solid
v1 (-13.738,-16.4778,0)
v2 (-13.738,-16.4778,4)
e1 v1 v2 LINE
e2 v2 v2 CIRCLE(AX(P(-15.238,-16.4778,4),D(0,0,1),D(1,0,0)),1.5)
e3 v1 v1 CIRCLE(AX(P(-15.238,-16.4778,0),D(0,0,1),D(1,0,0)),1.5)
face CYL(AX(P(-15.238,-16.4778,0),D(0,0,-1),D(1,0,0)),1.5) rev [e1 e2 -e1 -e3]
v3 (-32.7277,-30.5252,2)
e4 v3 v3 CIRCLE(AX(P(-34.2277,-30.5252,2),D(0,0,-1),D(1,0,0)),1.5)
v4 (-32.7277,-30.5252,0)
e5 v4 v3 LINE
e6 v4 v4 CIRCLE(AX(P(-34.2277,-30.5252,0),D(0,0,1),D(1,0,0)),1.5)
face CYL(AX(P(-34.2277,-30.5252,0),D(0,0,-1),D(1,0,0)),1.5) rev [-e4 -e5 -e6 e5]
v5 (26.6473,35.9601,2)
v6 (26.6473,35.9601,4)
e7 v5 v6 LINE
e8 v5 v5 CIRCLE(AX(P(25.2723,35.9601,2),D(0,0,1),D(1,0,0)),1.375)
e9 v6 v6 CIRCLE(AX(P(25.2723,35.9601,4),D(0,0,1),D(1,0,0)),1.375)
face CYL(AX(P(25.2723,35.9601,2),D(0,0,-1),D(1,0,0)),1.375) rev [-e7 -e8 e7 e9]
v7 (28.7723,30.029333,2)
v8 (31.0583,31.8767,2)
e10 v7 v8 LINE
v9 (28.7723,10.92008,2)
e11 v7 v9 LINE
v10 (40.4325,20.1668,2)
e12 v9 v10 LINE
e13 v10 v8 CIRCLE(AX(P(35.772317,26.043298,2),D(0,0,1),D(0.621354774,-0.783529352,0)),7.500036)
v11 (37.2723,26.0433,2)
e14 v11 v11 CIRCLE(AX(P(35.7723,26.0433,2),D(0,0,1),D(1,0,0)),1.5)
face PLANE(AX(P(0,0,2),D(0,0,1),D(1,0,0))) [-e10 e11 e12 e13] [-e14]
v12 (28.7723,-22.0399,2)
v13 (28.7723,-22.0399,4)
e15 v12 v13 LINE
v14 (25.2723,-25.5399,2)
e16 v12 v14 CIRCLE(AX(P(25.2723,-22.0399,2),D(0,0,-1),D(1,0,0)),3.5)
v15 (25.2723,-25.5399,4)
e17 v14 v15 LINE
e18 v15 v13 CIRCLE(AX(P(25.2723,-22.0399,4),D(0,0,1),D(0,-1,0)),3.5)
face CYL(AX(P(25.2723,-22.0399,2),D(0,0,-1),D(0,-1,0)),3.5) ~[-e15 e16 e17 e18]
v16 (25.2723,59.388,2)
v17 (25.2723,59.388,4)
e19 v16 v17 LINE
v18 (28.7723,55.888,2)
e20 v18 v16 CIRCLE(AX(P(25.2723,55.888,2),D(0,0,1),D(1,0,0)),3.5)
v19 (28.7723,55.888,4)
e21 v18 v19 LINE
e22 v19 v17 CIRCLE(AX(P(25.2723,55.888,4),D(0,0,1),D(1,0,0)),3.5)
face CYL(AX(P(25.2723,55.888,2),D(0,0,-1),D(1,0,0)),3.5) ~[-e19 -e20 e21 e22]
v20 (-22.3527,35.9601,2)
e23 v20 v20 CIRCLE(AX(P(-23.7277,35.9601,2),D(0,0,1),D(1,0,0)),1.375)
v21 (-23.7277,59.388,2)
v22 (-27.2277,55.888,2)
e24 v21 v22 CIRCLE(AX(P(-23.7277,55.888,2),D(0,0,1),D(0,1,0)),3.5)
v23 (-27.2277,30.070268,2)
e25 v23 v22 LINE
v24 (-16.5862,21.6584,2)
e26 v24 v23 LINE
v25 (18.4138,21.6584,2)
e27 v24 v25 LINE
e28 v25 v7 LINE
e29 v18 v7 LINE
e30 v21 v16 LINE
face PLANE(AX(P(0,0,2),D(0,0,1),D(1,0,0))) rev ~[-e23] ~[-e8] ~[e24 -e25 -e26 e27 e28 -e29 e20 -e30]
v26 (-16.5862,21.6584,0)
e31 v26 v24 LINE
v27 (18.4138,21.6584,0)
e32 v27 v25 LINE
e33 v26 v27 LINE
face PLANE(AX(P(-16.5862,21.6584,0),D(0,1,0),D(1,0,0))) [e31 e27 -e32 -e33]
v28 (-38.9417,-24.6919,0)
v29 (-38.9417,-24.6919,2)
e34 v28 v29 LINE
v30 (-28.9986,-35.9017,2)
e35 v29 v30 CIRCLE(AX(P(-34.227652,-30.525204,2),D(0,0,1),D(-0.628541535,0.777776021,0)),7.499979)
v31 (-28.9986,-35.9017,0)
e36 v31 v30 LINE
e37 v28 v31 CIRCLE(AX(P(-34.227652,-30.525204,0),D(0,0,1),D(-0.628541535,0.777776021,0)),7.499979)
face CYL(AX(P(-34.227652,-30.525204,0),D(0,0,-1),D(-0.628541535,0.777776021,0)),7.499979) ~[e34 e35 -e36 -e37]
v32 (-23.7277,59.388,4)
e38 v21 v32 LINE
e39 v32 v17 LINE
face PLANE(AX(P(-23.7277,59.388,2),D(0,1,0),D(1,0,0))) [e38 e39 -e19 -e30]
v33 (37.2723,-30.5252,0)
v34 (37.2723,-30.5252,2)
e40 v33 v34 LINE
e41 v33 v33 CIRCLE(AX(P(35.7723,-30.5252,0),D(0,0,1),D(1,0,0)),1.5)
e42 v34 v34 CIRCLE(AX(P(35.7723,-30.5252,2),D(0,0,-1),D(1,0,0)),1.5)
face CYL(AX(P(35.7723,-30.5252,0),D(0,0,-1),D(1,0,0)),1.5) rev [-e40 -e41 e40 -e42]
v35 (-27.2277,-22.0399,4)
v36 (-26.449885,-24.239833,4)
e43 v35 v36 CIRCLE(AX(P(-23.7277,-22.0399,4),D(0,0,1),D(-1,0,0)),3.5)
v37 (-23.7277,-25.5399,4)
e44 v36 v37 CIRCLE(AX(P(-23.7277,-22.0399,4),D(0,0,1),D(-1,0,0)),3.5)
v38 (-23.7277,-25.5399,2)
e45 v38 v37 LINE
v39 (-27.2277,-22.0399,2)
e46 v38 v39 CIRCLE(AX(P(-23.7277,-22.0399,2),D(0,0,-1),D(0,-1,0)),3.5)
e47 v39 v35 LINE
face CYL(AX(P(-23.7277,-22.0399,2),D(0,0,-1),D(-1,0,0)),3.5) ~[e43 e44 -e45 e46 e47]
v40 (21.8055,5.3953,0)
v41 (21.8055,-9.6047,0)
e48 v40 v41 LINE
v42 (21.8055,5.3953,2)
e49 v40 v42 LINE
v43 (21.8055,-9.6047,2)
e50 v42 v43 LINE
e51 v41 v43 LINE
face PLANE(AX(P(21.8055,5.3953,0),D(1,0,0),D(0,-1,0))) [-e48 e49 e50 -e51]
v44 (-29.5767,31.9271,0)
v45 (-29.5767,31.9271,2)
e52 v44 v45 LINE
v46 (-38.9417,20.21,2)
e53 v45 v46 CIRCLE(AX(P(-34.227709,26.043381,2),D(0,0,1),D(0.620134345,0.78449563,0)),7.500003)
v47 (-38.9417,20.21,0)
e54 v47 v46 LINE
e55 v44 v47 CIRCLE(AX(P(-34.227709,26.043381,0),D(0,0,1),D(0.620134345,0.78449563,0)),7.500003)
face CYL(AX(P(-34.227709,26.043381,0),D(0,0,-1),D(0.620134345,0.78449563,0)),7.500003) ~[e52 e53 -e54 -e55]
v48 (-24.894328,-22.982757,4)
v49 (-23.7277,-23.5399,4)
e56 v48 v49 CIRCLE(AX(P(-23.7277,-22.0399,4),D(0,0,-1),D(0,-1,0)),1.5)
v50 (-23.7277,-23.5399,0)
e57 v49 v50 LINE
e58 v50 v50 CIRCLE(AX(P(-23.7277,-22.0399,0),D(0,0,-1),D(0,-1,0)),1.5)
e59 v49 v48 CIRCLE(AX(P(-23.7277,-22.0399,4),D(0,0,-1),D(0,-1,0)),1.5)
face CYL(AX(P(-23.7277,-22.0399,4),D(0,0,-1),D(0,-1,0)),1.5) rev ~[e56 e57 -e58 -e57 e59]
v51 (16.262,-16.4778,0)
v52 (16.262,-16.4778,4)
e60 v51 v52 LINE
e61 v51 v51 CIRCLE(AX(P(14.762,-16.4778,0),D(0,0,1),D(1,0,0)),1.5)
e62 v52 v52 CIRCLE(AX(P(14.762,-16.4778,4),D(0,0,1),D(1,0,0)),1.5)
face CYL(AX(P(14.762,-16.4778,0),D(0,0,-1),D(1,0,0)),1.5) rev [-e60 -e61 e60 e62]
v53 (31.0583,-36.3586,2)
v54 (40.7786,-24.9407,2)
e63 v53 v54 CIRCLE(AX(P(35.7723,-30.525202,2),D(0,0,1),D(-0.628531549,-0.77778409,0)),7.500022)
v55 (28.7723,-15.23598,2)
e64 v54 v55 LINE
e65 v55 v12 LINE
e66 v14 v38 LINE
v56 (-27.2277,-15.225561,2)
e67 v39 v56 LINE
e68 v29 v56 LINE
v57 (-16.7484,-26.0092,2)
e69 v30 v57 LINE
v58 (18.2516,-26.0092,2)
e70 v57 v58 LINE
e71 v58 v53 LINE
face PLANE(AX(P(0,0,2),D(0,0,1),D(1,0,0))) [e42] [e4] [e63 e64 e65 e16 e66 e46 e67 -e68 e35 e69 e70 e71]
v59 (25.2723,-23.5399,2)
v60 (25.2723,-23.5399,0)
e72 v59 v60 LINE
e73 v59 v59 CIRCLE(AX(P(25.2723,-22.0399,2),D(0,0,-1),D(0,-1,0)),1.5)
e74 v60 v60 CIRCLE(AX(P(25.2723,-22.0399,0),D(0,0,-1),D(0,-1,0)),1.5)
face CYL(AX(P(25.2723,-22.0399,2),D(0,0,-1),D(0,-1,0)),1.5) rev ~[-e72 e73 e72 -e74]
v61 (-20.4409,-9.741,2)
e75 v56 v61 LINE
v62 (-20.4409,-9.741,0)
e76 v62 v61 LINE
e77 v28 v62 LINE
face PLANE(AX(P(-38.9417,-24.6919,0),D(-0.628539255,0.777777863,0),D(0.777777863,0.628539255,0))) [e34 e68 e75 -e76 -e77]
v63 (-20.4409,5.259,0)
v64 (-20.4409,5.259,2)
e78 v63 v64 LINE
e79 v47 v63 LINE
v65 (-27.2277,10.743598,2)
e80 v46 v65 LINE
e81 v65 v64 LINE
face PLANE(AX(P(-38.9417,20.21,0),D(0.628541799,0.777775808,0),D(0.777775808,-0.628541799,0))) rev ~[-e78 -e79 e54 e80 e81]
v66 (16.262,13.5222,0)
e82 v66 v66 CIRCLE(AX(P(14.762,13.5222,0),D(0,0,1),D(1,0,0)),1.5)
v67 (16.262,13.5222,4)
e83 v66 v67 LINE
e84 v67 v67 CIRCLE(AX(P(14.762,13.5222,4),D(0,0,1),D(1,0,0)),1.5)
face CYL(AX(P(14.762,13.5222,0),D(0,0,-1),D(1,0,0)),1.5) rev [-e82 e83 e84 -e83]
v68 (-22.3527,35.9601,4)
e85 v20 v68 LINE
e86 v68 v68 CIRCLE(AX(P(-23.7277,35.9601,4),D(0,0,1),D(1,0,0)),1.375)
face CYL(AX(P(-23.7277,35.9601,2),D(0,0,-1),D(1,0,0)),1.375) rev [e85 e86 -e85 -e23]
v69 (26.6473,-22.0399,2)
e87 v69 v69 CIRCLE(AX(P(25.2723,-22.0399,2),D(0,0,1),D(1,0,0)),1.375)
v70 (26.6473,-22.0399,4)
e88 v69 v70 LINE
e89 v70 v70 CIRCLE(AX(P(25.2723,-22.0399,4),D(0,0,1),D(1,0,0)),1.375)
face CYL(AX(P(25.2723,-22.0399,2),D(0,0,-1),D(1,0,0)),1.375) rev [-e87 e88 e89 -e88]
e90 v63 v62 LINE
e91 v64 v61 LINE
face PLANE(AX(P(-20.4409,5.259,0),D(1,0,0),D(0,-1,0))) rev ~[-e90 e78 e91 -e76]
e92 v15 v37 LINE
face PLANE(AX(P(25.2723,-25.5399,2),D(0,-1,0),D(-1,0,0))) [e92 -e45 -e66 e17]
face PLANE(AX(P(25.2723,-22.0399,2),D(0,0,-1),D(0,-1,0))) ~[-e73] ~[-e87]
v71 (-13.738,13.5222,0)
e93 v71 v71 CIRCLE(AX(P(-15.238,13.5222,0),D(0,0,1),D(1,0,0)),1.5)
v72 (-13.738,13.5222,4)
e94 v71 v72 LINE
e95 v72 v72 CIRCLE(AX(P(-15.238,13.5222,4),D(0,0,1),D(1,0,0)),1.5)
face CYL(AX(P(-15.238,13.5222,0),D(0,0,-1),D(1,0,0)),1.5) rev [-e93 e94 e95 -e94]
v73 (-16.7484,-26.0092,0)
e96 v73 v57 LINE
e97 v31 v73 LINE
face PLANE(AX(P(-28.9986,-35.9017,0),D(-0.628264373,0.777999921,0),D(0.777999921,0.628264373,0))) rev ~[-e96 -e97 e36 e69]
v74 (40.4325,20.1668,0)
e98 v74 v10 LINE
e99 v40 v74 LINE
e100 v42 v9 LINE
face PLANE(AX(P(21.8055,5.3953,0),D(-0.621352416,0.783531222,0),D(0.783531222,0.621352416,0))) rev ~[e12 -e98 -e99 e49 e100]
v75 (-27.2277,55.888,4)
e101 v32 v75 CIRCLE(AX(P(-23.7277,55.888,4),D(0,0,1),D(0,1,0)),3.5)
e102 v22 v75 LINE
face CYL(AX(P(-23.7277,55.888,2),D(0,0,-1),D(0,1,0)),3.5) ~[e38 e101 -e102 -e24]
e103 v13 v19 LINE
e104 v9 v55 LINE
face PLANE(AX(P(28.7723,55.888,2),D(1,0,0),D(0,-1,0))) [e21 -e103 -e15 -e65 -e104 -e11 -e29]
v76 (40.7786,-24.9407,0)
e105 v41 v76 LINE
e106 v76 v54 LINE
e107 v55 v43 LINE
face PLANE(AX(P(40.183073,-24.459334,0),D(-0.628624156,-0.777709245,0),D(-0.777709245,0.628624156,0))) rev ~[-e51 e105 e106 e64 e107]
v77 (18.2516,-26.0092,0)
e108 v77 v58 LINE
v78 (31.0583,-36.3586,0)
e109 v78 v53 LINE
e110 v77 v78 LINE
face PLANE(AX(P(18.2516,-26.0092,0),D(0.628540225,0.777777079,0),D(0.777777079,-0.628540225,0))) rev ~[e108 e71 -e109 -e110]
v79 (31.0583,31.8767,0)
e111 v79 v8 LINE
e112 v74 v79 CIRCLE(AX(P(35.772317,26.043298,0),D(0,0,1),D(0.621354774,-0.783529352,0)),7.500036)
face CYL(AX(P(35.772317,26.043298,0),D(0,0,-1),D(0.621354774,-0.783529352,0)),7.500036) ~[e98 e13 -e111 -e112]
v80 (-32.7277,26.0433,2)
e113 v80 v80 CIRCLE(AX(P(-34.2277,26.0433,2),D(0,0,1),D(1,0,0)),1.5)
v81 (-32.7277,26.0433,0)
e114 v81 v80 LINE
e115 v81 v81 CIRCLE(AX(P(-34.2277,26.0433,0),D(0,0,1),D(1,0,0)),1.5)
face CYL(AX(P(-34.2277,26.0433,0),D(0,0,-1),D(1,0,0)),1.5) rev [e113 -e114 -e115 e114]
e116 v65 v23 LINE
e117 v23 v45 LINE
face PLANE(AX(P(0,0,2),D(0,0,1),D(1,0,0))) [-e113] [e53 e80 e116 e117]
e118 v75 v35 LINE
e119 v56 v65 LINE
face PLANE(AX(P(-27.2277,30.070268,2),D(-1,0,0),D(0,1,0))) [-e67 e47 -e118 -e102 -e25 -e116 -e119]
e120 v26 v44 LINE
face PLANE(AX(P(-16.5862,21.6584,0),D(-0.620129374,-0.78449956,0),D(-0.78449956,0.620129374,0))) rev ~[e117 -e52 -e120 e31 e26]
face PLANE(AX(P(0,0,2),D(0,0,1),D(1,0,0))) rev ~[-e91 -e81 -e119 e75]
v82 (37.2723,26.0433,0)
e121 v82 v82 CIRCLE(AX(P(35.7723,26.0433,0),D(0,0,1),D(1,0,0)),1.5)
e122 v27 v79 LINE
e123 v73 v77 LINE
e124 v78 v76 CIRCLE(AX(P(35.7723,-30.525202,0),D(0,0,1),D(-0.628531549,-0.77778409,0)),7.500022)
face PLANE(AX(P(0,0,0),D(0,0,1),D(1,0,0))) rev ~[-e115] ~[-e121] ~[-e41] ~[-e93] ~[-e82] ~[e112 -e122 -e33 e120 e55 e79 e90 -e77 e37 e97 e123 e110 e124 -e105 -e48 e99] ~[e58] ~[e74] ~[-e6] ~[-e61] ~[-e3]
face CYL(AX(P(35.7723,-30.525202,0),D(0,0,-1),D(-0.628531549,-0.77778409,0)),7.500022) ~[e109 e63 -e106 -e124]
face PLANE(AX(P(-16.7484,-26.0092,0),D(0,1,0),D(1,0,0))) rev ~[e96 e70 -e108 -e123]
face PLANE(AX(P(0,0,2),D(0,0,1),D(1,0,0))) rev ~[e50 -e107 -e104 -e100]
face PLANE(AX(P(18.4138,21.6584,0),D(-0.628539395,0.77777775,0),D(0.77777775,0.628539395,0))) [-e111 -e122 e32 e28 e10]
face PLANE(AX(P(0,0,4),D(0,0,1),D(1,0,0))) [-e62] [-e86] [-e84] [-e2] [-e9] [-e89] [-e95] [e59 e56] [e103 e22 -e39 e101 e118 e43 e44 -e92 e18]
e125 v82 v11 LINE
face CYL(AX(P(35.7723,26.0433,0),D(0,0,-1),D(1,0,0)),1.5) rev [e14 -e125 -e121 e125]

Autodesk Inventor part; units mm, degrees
ref_plane "YZ Plane" through (0, 0, 0) normal (1, 0, 0) x (0, 1, 0)
ref_plane "XZ Plane" through (0, 0, 0) normal (0, 1, 0) x (-1, 0, 0)
ref_plane "XY Plane" through (0, 0, 0) normal (0, 0, 1) x (1, 0, 0)
sketch "Sketch1" plane through (0, 0, 0) normal (0, 0, 1) x (1, 0, 0)
  arc A0 (-38.9417, -24.6919) -> (-28.9986, -35.9017) centre (-34.2277, -30.5252) ccw
  arc A1 (40.4325, 20.1668) -> (31.0583, 31.8767) centre (35.7723, 26.0433) ccw
  arc A2 (-29.5767, 31.9271) -> (-38.9417, 20.21) centre (-34.2277, 26.0433) ccw
  arc A3 (31.0583, -36.3586) -> (40.1831, -24.4593) centre (35.7723, -30.5252) ccw
  line L0 (-16.5862, 21.6584) -> (18.4138, 21.6584)
  line L1 (-16.7484, -26.0092) -> (18.2516, -26.0092)
  line L2 (-20.4409, 5.259) -> (-20.4409, -9.741)
  line L3 (21.8055, 5.3953) -> (21.8055, -9.6047)
  circle A4 centre (-34.2277, 26.0433) radius 1.5
  circle A5 centre (35.7723, 26.0433) radius 1.5
  circle A6 centre (-34.2277, -30.5252) radius 1.5
  circle A7 centre (35.7723, -30.5252) radius 1.5
  circle A8 centre (-15.238, 13.5222) radius 1.5
  circle A9 centre (14.762, 13.5222) radius 1.5
  circle A10 centre (-15.238, -16.4778) radius 1.5
  circle A11 centre (14.762, -16.4778) radius 1.5
  line L4 (-34.2277, 26.0433) -> (-34.2277, 24.5433)
  line L5 (-34.2277, -29.0252) -> (-34.2277, -30.5252)
  line L6 (-38.9417, 20.21) -> (-20.4409, 5.259)
  line L7 (18.2516, -26.0092) -> (31.0583, -36.3586)
  line L8 (-15.238, 13.5222) -> (-15.238, 12.0222)
  line L9 (-15.238, -14.9778) -> (-15.238, -16.4778)
  line L10 (-38.9417, -24.6919) -> (-20.4409, -9.741)
  line L11 (35.7723, 26.0433) -> (35.7723, 24.5433)
  line L12 (34.2723, 26.0433) -> (35.7723, 26.0433)
  line L13 (40.7786, -24.9407) -> (21.8055, -9.6047)
  line L14 (-16.5862, 21.6584) -> (-29.5767, 31.9271)
  line L15 (-15.238, 15.0222) -> (-15.238, 13.5222)
  line L16 (18.4138, 21.6584) -> (31.0583, 31.8767)
  line L17 (-15.238, 13.5222) -> (-13.738, 13.5222)
  line L18 (13.262, 13.5222) -> (14.762, 13.5222)
  line L19 (14.762, 13.5222) -> (14.762, 12.0222)
  line L20 (14.762, -14.9778) -> (14.762, -16.4778)
  line L21 (14.762, -16.4778) -> (13.262, -16.4778)
  line L22 (-13.738, -16.4778) -> (-15.238, -16.4778)
  line L23 (-28.9986, -35.9017) -> (-16.7484, -26.0092)
  line L24 (21.8055, 5.3953) -> (40.4325, 20.1668)
  line L25 (35.7723, -30.5252) -> (34.2723, -30.5252)
  line L26 (-32.7277, -30.5252) -> (-34.2277, -30.5252)
  line L27 (35.7723, -29.0252) -> (35.7723, -30.5252)
  dimension "d27" = 3
  dimension "d6" = 15
  dimension "d7" = 15
  dimension "d9" = 15
  dimension "d10" = 15
  dimension "d16" = 90
  dimension "d17" = 90
  dimension "d20" = 70
  dimension "d23" = 35
  dimension "d24" = 35
  dimension "d25" = 15
  dimension "d26" = 15
  dimension "d28" = 3
  dimension "d29" = 3
  dimension "d30" = 3
  dimension "d33" = 30
  dimension "d35" = 30
  dimension "d37" = 30
  dimension "d39" = 3
  dimension "d40" = 3
  dimension "d41" = 3
  dimension "d42" = 3
  dimension "d45" = 70
  dimension "d46" = 56.5685
  dimension "d47" = 56.5685
extrude "Extrusion1" add sketch "Sketch1" along normal blind 2 contours L10 L2 L6 A2 L14 L0 L16 A1 L24 L3 L13 A3 L7 L1 L23 A0
sketch "Sketch2" plane through (0, 0, 2) normal (0, 0, 1) x (1, 0, 0)
  line L0 (-23.7277, 59.388) -> (25.2723, 59.388)
  line L1 (25.2723, -25.5399) -> (-23.7277, -25.5399)
  arc A0 (-23.7277, 59.388) -> (-27.2277, 55.888) centre (-23.7277, 55.888) ccw
  arc A1 (28.7723, 55.888) -> (25.2723, 59.388) centre (25.2723, 55.888) ccw
  arc A2 (-27.2277, -22.0399) -> (-23.7277, -25.5399) centre (-23.7277, -22.0399) ccw
  arc A3 (25.2723, -25.5399) -> (28.7723, -22.0399) centre (25.2723, -22.0399) ccw
  circle A4 centre (-23.7277, -22.0399) radius 1.375
  circle A5 centre (25.2723, -22.0399) radius 1.375
  circle A6 centre (-34.2277, -30.5252) radius 1.5 projected
  circle A7 centre (-34.2277, 26.0433) radius 1.5 projected
  circle A8 centre (35.7723, 26.0433) radius 1.5 projected
  circle A9 centre (-15.238, -16.4778) radius 1.5 projected
  circle A10 centre (14.762, -16.4778) radius 1.5 projected
  circle A11 centre (14.762, 13.5222) radius 1.5 projected
  circle A12 centre (35.7723, -30.5252) radius 1.5 projected
  circle A13 centre (-34.2277, -30.5252) radius 1.5 projected
  line L2 (40.7786, -24.9407) -> (21.8055, -9.6047) projected
  line L3 (21.8055, -9.6047) -> (21.8055, 5.3953) projected
  line L4 (21.8055, 5.3953) -> (40.4325, 20.1668) projected
  arc A14 (40.4325, 20.1668) -> (31.0583, 31.8767) centre (35.7723, 26.0433) ccw projected
  line L5 (31.0583, 31.8767) -> (18.4138, 21.6584) projected
  line L6 (18.4138, 21.6584) -> (-16.5862, 21.6584) projected
  line L7 (-16.5862, 21.6584) -> (-29.5767, 31.9271) projected
  arc A15 (-29.5767, 31.9271) -> (-38.9417, 20.21) centre (-34.2277, 26.0433) ccw projected
  line L8 (-38.9417, 20.21) -> (-20.4409, 5.259) projected
  line L9 (-20.4409, 5.259) -> (-20.4409, -9.741) projected
  line L10 (-20.4409, -9.741) -> (-38.9417, -24.6919) projected
  arc A16 (-38.9417, -24.6919) -> (-28.9986, -35.9017) centre (-34.2277, -30.5252) ccw projected
  line L11 (-28.9986, -35.9017) -> (-16.7484, -26.0092) projected
  line L12 (-16.7484, -26.0092) -> (18.2516, -26.0092) projected
  line L13 (18.2516, -26.0092) -> (31.0583, -36.3586) projected
  arc A17 (31.0583, -36.3586) -> (40.7786, -24.9407) centre (35.7723, -30.5252) ccw projected
  circle A18 centre (-15.238, 13.5222) radius 1.5 projected
  circle A19 centre (35.7723, 26.0433) radius 1.5 projected
  circle A20 centre (-34.2277, 26.0433) radius 1.5 projected
  circle A21 centre (-23.7277, 35.9601) radius 1.375
  circle A22 centre (25.2723, 35.9601) radius 1.375
  line L14 (28.7723, 55.888) -> (28.7723, -22.0399)
  line L15 (28.7723, -24.8684) -> (28.7723, -25.5399)
  line L16 (-27.2277, -25.5399) -> (-27.2277, -24.8684)
  line L17 (-27.2277, -22.0399) -> (-27.2277, 55.888)
  line L18 (34.6056, 25.1005) -> (35.7723, 26.0433)
  line L19 (-34.2277, 26.0433) -> (-33.061, 25.1005)
  line L20 (-34.2277, -30.5252) -> (-33.061, -29.5824)
  line L21 (-27.2277, -24.8684) -> (-22.6582, -21.1757)
  line L22 (27.9945, -24.2398) -> (28.7723, -24.8684)
  line L23 (34.6056, -29.5824) -> (35.7723, -30.5252)
  point P0 (0, 0)
  dimension "d54" = 2.75
  dimension "d48" = 56
  dimension "d49" = 85
  dimension "d50" = 7
  dimension "d51" = 7
  dimension "d52" = 7
  dimension "d53" = 7
  dimension "d55" = 2.75
  dimension "d56" = 2.75
  dimension "d57" = 2.75
  dimension "d58" = 58
  dimension "d59" = 58
extrude "Extrusion2" add sketch "Sketch2" along normal blind 2 contours L0 A1 L14 L5 L6 L7 L17 A0 | L7 L6 L5 L14 L4 L3 L2 A3 L1 A2 L17 L10 L9 L8 | L8 L9 L10 L17 | L14 L2 L3 L4
hole "Hole1" at (-23.7277, -22.0399, 4) direction (0, 0, -1) diameter 3 end through all
hole "Hole2" at (25.2723, -22.0399, 2) direction (0, 0, -1) diameter 3 end through all
equation "\"d24\" = d23"
properties part number "ChasisInferiorDron_P9"
